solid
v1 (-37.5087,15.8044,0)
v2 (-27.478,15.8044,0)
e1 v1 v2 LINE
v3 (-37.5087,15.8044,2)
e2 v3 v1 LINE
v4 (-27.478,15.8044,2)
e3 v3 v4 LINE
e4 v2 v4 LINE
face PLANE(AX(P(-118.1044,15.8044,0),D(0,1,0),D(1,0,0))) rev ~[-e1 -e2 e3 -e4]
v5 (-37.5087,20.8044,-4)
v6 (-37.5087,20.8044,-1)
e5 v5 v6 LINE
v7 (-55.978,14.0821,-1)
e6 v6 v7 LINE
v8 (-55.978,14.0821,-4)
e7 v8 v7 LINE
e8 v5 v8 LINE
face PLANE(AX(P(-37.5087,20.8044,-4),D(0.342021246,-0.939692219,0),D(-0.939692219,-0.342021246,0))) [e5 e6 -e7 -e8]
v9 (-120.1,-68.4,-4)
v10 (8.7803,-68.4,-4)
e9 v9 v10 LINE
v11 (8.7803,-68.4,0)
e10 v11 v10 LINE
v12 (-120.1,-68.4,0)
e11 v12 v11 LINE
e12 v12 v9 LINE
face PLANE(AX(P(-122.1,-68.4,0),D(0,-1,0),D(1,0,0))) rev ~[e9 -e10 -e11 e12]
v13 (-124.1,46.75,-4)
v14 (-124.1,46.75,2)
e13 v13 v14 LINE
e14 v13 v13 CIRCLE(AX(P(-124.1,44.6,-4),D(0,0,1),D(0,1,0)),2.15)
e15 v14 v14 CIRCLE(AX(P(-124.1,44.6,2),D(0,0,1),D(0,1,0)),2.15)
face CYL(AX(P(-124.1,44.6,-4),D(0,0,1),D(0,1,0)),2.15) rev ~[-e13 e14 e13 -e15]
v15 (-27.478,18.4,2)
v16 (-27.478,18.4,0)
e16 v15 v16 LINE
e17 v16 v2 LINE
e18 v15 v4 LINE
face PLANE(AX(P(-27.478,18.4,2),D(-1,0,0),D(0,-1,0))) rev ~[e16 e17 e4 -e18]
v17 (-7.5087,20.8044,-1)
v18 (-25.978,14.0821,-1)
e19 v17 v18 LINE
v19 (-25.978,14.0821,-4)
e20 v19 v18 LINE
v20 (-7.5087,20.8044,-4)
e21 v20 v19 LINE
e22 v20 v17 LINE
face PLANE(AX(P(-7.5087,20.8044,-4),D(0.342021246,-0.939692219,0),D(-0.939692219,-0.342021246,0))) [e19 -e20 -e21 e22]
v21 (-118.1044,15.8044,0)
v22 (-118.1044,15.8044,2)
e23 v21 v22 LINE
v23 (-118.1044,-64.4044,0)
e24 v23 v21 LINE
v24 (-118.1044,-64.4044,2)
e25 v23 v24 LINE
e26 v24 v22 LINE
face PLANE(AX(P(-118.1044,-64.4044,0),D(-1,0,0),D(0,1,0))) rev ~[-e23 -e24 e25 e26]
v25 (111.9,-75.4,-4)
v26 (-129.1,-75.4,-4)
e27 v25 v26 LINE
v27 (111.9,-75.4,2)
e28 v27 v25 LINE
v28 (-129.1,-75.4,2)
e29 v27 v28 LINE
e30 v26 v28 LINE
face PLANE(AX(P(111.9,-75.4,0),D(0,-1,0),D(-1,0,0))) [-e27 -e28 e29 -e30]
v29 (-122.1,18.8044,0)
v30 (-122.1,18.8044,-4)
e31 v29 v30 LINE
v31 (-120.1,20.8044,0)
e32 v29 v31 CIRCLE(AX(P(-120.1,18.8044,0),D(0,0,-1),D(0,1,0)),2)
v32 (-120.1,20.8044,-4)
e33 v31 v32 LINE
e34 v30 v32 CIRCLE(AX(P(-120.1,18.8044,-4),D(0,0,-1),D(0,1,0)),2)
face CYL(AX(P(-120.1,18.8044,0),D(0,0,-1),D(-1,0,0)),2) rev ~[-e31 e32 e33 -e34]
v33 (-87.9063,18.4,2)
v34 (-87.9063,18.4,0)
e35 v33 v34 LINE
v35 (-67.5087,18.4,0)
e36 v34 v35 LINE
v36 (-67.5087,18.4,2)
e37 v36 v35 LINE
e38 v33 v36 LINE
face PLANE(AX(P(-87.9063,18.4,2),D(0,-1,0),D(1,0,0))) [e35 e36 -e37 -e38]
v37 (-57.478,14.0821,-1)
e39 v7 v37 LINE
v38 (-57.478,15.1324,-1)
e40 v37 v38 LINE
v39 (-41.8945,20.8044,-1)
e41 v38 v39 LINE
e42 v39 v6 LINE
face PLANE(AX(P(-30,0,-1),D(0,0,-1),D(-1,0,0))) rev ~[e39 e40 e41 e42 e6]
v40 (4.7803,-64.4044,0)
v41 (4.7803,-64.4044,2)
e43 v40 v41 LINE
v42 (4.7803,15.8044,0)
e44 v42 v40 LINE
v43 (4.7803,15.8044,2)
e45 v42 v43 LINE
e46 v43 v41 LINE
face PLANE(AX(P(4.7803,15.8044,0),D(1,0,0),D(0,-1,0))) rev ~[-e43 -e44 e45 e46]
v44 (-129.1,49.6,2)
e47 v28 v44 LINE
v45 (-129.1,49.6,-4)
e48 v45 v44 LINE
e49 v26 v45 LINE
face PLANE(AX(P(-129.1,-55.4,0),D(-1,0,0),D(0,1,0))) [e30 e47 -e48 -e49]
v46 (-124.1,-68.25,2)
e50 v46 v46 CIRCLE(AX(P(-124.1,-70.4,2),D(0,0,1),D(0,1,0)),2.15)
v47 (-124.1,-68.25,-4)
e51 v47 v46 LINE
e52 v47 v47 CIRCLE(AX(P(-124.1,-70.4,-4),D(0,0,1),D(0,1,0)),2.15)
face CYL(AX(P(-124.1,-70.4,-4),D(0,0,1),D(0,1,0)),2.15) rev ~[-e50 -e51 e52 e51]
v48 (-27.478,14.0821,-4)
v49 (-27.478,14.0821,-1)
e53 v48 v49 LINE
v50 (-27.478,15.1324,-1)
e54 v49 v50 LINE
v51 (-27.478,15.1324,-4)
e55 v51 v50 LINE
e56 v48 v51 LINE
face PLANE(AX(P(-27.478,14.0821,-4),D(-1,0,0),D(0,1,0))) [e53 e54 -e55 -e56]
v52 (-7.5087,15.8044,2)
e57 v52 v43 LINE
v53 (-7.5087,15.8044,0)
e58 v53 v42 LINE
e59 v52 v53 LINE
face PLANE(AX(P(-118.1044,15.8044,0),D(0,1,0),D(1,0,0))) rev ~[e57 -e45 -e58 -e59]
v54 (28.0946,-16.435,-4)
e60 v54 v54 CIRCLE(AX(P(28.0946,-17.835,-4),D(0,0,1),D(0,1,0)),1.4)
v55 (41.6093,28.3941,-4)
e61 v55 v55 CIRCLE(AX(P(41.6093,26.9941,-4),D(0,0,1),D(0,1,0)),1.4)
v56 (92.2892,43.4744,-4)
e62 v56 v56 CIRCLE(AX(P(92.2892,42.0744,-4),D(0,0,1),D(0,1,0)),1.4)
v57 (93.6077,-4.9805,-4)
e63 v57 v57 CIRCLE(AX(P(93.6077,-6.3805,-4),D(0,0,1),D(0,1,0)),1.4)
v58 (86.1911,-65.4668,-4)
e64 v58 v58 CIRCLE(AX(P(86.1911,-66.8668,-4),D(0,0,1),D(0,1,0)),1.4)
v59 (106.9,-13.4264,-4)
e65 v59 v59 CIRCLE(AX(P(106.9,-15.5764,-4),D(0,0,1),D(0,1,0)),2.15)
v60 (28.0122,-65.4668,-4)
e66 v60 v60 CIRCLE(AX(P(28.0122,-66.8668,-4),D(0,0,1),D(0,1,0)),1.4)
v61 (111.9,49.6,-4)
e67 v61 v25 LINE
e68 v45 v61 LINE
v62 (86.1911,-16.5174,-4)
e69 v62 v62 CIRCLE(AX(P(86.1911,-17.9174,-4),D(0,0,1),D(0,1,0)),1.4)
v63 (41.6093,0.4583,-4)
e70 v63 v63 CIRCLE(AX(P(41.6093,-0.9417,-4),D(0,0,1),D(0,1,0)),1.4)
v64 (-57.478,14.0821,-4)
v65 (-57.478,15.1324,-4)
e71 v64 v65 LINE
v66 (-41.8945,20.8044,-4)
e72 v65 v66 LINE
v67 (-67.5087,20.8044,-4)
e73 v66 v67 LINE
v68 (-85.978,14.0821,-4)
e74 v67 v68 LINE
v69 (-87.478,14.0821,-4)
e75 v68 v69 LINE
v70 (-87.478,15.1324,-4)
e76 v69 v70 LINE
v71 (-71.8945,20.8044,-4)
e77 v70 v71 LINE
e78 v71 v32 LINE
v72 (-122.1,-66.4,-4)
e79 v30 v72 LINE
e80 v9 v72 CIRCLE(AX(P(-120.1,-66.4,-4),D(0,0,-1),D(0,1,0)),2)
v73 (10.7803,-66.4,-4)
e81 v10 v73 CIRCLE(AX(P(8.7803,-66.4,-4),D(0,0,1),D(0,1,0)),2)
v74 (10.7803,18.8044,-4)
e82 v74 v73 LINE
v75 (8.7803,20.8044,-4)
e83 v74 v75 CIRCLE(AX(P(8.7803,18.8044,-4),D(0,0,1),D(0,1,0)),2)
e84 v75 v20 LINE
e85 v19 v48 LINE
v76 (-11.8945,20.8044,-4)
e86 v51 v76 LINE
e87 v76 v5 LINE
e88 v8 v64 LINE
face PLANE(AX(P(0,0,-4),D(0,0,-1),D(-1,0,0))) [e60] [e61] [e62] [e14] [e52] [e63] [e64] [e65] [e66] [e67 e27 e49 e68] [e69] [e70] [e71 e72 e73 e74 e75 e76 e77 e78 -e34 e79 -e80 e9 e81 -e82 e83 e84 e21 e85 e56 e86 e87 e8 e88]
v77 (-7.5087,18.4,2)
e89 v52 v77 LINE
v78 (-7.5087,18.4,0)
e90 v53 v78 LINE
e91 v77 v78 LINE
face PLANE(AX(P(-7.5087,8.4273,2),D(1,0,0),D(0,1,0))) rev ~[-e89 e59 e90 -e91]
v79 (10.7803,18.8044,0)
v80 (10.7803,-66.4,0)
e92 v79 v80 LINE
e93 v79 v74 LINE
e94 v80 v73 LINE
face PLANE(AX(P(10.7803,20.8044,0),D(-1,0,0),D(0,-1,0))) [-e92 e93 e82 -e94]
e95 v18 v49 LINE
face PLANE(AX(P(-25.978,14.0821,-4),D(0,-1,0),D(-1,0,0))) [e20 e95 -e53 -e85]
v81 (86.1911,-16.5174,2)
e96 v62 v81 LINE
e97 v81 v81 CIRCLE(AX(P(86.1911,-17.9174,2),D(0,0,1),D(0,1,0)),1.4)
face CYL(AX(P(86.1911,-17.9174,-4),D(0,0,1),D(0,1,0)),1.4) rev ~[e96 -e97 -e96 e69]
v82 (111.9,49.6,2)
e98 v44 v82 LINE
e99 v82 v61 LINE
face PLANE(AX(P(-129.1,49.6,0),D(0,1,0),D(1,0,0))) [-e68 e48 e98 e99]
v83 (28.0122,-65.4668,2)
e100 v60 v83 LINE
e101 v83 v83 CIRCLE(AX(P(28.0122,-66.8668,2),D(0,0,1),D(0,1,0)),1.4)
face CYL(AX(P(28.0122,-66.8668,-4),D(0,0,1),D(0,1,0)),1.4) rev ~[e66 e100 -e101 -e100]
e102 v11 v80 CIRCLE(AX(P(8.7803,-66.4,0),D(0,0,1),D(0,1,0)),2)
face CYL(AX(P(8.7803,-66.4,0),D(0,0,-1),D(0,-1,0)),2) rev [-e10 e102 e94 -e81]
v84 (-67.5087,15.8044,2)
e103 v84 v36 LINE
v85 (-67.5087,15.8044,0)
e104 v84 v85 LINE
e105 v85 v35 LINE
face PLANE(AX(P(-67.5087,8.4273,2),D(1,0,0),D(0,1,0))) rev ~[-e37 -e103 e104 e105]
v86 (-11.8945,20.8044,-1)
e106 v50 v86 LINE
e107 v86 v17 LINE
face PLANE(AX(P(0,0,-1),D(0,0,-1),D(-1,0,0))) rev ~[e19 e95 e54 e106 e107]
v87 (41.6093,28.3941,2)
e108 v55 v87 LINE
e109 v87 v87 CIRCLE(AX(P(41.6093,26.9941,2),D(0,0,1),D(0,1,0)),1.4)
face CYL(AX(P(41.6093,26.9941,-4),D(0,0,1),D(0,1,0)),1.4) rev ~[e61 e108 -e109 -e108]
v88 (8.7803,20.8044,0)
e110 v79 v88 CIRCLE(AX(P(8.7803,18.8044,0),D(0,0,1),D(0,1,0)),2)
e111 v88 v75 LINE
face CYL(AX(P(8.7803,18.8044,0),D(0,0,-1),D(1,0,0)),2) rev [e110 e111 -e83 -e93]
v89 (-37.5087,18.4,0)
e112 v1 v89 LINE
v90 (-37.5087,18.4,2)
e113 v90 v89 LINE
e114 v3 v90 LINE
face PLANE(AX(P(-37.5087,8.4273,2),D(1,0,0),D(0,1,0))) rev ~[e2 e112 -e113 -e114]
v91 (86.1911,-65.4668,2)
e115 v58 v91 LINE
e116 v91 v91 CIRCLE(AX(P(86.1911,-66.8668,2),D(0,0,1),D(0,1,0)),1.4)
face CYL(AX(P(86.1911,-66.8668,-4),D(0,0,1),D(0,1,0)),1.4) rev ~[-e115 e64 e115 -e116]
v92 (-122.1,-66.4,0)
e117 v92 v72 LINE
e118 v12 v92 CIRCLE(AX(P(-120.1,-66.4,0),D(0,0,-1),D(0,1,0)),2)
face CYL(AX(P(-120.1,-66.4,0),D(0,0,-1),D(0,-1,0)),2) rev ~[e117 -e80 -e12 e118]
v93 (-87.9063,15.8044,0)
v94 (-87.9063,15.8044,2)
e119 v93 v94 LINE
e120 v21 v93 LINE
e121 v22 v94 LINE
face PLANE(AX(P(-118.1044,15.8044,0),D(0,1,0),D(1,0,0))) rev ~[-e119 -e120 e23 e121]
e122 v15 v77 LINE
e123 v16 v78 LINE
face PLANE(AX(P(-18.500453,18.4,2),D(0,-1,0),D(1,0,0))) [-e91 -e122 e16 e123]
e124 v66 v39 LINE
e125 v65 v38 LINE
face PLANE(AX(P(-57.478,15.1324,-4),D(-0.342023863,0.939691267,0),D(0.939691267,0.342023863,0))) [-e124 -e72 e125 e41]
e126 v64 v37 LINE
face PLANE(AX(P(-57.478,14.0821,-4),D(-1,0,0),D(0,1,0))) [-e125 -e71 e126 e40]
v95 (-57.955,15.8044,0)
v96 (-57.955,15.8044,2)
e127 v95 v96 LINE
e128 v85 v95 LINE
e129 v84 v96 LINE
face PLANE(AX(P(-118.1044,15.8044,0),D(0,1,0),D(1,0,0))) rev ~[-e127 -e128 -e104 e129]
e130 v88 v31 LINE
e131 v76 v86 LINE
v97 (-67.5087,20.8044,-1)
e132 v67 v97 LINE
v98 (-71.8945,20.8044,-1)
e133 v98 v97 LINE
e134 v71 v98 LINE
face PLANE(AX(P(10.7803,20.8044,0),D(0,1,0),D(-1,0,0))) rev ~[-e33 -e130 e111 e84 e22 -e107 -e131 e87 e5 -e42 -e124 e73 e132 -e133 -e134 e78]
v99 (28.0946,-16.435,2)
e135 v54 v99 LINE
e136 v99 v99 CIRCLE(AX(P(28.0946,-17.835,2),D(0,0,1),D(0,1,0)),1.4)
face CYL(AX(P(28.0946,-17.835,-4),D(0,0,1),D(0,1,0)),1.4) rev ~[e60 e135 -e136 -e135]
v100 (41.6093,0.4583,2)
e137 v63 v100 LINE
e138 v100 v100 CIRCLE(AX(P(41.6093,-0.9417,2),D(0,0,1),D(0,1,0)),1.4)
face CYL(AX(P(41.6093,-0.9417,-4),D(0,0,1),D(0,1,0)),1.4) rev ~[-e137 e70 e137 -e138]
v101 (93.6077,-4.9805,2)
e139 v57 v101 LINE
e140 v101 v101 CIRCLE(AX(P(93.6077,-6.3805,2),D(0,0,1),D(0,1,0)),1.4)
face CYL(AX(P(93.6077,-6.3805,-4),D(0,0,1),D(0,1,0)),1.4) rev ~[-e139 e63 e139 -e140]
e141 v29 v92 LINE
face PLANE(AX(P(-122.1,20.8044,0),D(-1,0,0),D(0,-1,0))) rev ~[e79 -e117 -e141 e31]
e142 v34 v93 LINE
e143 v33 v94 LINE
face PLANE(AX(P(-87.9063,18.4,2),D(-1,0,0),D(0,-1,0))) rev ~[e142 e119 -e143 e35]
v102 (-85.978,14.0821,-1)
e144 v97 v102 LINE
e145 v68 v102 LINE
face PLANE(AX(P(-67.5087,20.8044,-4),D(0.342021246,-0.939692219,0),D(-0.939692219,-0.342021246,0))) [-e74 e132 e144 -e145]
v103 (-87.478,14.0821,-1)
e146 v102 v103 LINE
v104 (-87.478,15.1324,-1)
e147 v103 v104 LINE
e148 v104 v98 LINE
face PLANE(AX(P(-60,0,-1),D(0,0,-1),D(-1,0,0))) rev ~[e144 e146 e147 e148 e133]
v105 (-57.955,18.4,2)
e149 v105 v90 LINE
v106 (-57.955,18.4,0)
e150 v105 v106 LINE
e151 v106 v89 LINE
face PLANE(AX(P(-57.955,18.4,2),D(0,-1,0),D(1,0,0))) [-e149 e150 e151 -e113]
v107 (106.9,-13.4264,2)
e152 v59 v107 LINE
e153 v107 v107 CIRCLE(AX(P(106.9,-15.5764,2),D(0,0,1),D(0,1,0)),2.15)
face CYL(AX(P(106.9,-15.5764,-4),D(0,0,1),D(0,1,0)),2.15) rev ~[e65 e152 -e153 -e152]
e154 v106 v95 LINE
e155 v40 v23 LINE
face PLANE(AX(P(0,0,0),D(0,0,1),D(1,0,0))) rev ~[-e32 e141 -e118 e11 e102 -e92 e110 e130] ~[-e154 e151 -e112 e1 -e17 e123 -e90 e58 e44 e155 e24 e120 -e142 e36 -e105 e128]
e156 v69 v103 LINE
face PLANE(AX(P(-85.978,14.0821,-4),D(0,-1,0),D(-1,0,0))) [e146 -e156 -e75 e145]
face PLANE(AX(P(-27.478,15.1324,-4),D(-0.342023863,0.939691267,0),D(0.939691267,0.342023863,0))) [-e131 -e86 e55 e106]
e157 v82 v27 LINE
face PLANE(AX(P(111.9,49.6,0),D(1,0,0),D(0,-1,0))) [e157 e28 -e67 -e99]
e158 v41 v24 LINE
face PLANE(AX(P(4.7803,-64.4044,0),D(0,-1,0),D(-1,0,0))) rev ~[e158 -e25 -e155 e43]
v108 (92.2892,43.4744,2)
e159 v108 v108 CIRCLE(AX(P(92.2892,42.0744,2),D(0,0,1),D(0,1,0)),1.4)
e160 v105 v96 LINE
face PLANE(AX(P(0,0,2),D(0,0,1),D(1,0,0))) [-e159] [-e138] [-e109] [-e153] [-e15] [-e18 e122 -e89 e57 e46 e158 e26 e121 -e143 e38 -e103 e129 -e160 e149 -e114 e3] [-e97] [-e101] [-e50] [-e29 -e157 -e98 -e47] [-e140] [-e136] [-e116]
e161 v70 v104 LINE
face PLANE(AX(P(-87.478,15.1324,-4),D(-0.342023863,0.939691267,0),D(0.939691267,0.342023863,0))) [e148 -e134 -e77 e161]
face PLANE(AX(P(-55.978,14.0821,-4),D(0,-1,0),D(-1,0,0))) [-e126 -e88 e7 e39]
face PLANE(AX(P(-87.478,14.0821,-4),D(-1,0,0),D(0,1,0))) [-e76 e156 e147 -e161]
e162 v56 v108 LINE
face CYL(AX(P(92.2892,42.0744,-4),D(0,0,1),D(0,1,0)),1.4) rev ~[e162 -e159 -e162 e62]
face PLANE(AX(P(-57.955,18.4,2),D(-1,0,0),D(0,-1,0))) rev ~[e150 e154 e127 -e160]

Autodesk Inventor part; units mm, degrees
ref_plane "YZ Plane" through (0, 0, 0) normal (1, 0, 0) x (0, 1, 0)
ref_plane "XZ Plane" through (0, 0, 0) normal (0, 1, 0) x (-1, 0, 0)
ref_plane "XY Plane" through (0, 0, 0) normal (0, 0, 1) x (1, 0, 0)
sketch "Sketch1" plane through (0, 0, 0) normal (0, 0, 1) x (1, 0, 0)
  line L0 (-129.1, 49.6) -> (111.9, 49.6)
  line L1 (111.9, 49.6) -> (111.9, -75.4)
  line L2 (111.9, -75.4) -> (-129.1, -75.4)
  line L3 (-129.1, -75.4) -> (-129.1, 49.6)
  line L4 (-116.8, -67) -> (-68.1, -67)
  line L5 (-45.7, -67) -> (3, -67)
  line L6 (3, 18.4) -> (-45.7, 18.4)
  line L7 (-116.8, 18.5) -> (-68.1, 18.5)
  line L8 (-120.7, 14.5) -> (-120.7, -63.1)
  line L9 (-120.7, -67) -> (7.3759, -67) construction
  line L10 (7.3759, -67) -> (7.3759, 18.4) construction
  line L11 (7.3759, 18.4) -> (-120.7, 18.4) construction
  line L12 (-120.7, 18.4) -> (-120.7, -67) construction
  line L13 (4.7803, -64.4044) -> (-118.1044, -64.4044)
  line L14 (-118.1044, -64.4044) -> (-118.1044, 15.8044)
  line L15 (-118.1044, 15.8044) -> (4.7803, 15.8044)
  line L16 (4.7803, 15.8044) -> (4.7803, -64.4044)
  line L17 (-129.1, -55.4) -> (-129.1, -65.4)
  line L18 (-129.1, -75.4) -> (-119.1, -75.4) construction
  line L19 (111.9, -72.4764) -> (111.9, -32.5764) construction
  dimension "d78" = 0
extrude "Extrusion1" add sketch "Sketch1" along normal blind 2
sketch "Sketch10" plane through (0, 0, 0) normal (0, 0, -1) x (-1, 0, 0)
  line L0 (129.1, 49.6) -> (-111.9, 49.6) projected
  line L1 (-111.9, 49.6) -> (-111.9, -75.4) projected
  line L2 (-111.9, -75.4) -> (129.1, -75.4) projected
  line L3 (129.1, -75.4) -> (129.1, 49.6) projected
  line L4 (-104.9, -68.4) -> (-104.9, 42.6)
  line L5 (-104.9, 42.6) -> (122.1, 42.6)
  line L6 (122.1, 42.6) -> (122.1, -68.4)
  line L7 (122.1, -68.4) -> (-104.9, -68.4)
  line L8 (-3, 18.4) -> (45.7, 18.4)
  line L9 (-6.9, -63.1) -> (-6.9, 14.5)
  line L10 (122.1, 42.6) -> (-104.9, 42.6)
  line L11 (-104.9, 42.6) -> (-104.9, 20.8044)
  line L12 (-104.9, 20.8044) -> (122.1, 20.8044)
  line L13 (122.1, 20.8044) -> (122.1, 42.6)
  line L14 (-104.9, 20.8044) -> (-10.7803, 20.8044)
  line L15 (-10.7803, 20.8044) -> (-10.7803, -68.4)
  line L16 (-10.7803, -68.4) -> (-104.9, -68.4)
  line L17 (-104.9, -68.4) -> (-104.9, 20.8044)
  line L18 (-4.7803, 15.8044) -> (118.1044, 15.8044) projected
  line L19 (-104.9, 20.8044) -> (-12.287, 20.8044)
  line L20 (-12.287, 20.8044) -> (-12.287, -68.4)
  line L21 (-12.287, -68.4) -> (-104.9, -68.4)
  line L22 (-104.9, -68.4) -> (-104.9, 20.8044)
  line L23 (-4.7803, -64.4044) -> (-4.7803, 15.8044) projected
  point P0 (0, 0)
  dimension "d73" = 7
  dimension "d86" = 5
  dimension "d87" = 6
extrude "Extrusion7" add sketch "Sketch10" along normal blind 4 contours L3 L2 L1 L0 | L4 L12 L20 L7 | L4 L5 L6 L12 | L20 L12 L15 L7
sketch "Sketch11" plane through (0, 0, -4) normal (0, 0, -1) x (-1, 0, 0)
  circle A0 centre (124.1, -70.4) radius 1.9
  circle A1 centre (124.1, 44.6) radius 1.9
  circle A2 centre (-106.9, -15.5764) radius 3.5
  point P0 (-107.1551, -15.9364)
hole "Hole5" at (-124.1, 44.6, -4) at (-124.1, -70.4, -4) at (106.9, -15.5764, -4) direction (0, 0, 1) diameter 4.3 depth 8 tip angle 118
fillet "Fillet2" radius 2 4 edges at (10.7803, 20.8044, -2) (10.7803, -68.4, -2) (-122.1, 20.8044, -2) (-122.1, -68.4, -2)
sketch "Sketch12" plane through (0, 0, -4) normal (0, 0, -1) x (-1, 0, 0)
  circle A0 centre (124.1, -70.4) radius 2.15 projected
  circle A1 centre (124.1, 44.6) radius 2.15 projected
  circle A2 centre (-106.9, -15.5764) radius 2.15 projected
  line L0 (129.1, -75.4) -> (129.1, 49.6) projected
  line L1 (129.1, 49.6) -> (-111.9, 49.6) projected
  line L2 (-111.9, 49.6) -> (-111.9, -75.4) projected
  line L3 (-111.9, -75.4) -> (129.1, -75.4) projected
  arc A3 (-8.7803, 20.8044) -> (-10.7803, 18.8044) centre (-8.7803, 18.8044) ccw projected
  line L4 (120.1, 20.8044) -> (-8.7803, 20.8044) projected
  arc A4 (122.1, 18.8044) -> (120.1, 20.8044) centre (120.1, 18.8044) ccw projected
  line L5 (122.1, 18.8044) -> (122.1, -66.4) projected
  arc A5 (120.1, -68.4) -> (122.1, -66.4) centre (120.1, -66.4) ccw projected
  line L6 (120.1, -68.4) -> (-8.7803, -68.4) projected
  arc A6 (-10.7803, -66.4) -> (-8.7803, -68.4) centre (-8.7803, -66.4) ccw projected
  line L7 (-10.7803, 18.8044) -> (-10.7803, -66.4) projected
  line L8 (7.5087, 20.8044) -> (25.978, 14.0821)
  line L9 (25.978, 14.0821) -> (27.478, 14.0821)
  line L10 (27.478, 14.0821) -> (27.478, 15.1324)
  line L11 (27.478, 15.1324) -> (11.8945, 20.8044)
  line L12 (120.1, 20.8044) -> (-8.7803, 20.8044) projected
  line L13 (-10.7803, 18.8044) -> (-10.7803, -66.4) projected
  line L14 (120.1, 20.8044) -> (-8.7803, 20.8044) projected
  point P0 (0, 0)
  dimension "d89" = 1.5
  dimension "d90" = 1.5
  dimension "d91" = 160
extrude "Extrusion9" add sketch "Sketch12" against normal blind 3 contours L4 L11 L10 L9 L8
pattern_linear "Rectangular Pattern2" count 3 spacing 30 along (-1, 0, 0) of "Extrusion9"
sketch "Sketch13" plane through (0, 0, 2) normal (0, 0, 1) x (1, 0, 0)
  line L0 (-85.978, 14.0821) -> (-67.5087, 20.8044) projected
  line L1 (-71.8945, 20.8044) -> (-87.478, 15.1324) projected
  line L2 (-55.978, 14.0821) -> (-37.5087, 20.8044) projected
  line L3 (-41.8945, 20.8044) -> (-57.478, 15.1324) projected
  line L4 (-25.978, 14.0821) -> (-7.5087, 20.8044) projected
  line L5 (-11.8945, 20.8044) -> (-27.478, 15.1324) projected
  line L6 (-116.8, 18.4) -> (3, 18.4) projected
  line L7 (-87.9063, 8.4273) -> (-67.5087, 8.4273)
  line L8 (-67.5087, 8.4273) -> (-67.5087, 18.4)
  line L9 (-67.5087, 18.4) -> (-87.9063, 18.4)
  line L10 (-87.9063, 18.4) -> (-87.9063, 8.4273)
  line L11 (-57.955, 8.4273) -> (-37.5087, 8.4273)
  line L12 (-37.5087, 8.4273) -> (-37.5087, 18.4)
  line L13 (-37.5087, 18.4) -> (-57.955, 18.4)
  line L14 (-57.955, 18.4) -> (-57.955, 8.4273)
  line L15 (-27.478, 8.4273) -> (-7.5087, 8.4273)
  line L16 (-7.5087, 8.4273) -> (-7.5087, 18.4)
  line L17 (-7.5087, 18.4) -> (-27.478, 18.4)
  line L18 (-27.478, 18.4) -> (-27.478, 8.4273)
  point P0 (0, 0)
extrude "Extrusion10" cut sketch "Sketch13" against normal blind 3
sketch "Sketch14" plane through (0, 0, -4) normal (0, 0, -1) x (-1, 0, 0)
  circle A0 centre (-92.31, 42.06) radius 1.5875 projected
  circle A1 centre (-41.51, 26.82) radius 1.5875 projected
  circle A2 centre (-93.58, -6.2) radius 1.5875 projected
  circle A3 centre (-41.51, -1.12) radius 1.5875 projected
  circle A4 centre (-86.028, -17.9) radius 1.375 projected
  circle A5 centre (-28.028, -17.9) radius 1.375 projected
  circle A6 centre (-28.028, -66.9) radius 1.375 projected
  circle A7 centre (-86.028, -66.9) radius 1.375 projected
  point P0 (0, 0)
sketch "Sketch15" plane through (0, 0, -4) normal (0, 0, -1) x (-1, 0, 0)
  point P0 (0, 0)
  point P1 (-92.2892, 42.0744)
  point P2 (-41.6093, 26.9941)
  point P3 (-41.6093, -0.9417)
  point P4 (-28.0946, -17.835)
  point P5 (-28.0122, -66.8668)
  point P6 (-86.1911, -66.8668)
  point P7 (-86.1911, -17.9174)
  point P8 (-93.6077, -6.3805)
hole "Hole6" at (92.2892, 42.0744, -4) at (41.6093, 26.9941, -4) at (41.6093, -0.9417, -4) at (28.0946, -17.835, -4) at (28.0122, -66.8668, -4) at (86.1911, -66.8668, -4) at (86.1911, -17.9174, -4) at (93.6077, -6.3805, -4) direction (0, 0, 1) diameter 2.8 end through all
properties part number "04_OPENTRONS_Microscope_wellplate_base"
